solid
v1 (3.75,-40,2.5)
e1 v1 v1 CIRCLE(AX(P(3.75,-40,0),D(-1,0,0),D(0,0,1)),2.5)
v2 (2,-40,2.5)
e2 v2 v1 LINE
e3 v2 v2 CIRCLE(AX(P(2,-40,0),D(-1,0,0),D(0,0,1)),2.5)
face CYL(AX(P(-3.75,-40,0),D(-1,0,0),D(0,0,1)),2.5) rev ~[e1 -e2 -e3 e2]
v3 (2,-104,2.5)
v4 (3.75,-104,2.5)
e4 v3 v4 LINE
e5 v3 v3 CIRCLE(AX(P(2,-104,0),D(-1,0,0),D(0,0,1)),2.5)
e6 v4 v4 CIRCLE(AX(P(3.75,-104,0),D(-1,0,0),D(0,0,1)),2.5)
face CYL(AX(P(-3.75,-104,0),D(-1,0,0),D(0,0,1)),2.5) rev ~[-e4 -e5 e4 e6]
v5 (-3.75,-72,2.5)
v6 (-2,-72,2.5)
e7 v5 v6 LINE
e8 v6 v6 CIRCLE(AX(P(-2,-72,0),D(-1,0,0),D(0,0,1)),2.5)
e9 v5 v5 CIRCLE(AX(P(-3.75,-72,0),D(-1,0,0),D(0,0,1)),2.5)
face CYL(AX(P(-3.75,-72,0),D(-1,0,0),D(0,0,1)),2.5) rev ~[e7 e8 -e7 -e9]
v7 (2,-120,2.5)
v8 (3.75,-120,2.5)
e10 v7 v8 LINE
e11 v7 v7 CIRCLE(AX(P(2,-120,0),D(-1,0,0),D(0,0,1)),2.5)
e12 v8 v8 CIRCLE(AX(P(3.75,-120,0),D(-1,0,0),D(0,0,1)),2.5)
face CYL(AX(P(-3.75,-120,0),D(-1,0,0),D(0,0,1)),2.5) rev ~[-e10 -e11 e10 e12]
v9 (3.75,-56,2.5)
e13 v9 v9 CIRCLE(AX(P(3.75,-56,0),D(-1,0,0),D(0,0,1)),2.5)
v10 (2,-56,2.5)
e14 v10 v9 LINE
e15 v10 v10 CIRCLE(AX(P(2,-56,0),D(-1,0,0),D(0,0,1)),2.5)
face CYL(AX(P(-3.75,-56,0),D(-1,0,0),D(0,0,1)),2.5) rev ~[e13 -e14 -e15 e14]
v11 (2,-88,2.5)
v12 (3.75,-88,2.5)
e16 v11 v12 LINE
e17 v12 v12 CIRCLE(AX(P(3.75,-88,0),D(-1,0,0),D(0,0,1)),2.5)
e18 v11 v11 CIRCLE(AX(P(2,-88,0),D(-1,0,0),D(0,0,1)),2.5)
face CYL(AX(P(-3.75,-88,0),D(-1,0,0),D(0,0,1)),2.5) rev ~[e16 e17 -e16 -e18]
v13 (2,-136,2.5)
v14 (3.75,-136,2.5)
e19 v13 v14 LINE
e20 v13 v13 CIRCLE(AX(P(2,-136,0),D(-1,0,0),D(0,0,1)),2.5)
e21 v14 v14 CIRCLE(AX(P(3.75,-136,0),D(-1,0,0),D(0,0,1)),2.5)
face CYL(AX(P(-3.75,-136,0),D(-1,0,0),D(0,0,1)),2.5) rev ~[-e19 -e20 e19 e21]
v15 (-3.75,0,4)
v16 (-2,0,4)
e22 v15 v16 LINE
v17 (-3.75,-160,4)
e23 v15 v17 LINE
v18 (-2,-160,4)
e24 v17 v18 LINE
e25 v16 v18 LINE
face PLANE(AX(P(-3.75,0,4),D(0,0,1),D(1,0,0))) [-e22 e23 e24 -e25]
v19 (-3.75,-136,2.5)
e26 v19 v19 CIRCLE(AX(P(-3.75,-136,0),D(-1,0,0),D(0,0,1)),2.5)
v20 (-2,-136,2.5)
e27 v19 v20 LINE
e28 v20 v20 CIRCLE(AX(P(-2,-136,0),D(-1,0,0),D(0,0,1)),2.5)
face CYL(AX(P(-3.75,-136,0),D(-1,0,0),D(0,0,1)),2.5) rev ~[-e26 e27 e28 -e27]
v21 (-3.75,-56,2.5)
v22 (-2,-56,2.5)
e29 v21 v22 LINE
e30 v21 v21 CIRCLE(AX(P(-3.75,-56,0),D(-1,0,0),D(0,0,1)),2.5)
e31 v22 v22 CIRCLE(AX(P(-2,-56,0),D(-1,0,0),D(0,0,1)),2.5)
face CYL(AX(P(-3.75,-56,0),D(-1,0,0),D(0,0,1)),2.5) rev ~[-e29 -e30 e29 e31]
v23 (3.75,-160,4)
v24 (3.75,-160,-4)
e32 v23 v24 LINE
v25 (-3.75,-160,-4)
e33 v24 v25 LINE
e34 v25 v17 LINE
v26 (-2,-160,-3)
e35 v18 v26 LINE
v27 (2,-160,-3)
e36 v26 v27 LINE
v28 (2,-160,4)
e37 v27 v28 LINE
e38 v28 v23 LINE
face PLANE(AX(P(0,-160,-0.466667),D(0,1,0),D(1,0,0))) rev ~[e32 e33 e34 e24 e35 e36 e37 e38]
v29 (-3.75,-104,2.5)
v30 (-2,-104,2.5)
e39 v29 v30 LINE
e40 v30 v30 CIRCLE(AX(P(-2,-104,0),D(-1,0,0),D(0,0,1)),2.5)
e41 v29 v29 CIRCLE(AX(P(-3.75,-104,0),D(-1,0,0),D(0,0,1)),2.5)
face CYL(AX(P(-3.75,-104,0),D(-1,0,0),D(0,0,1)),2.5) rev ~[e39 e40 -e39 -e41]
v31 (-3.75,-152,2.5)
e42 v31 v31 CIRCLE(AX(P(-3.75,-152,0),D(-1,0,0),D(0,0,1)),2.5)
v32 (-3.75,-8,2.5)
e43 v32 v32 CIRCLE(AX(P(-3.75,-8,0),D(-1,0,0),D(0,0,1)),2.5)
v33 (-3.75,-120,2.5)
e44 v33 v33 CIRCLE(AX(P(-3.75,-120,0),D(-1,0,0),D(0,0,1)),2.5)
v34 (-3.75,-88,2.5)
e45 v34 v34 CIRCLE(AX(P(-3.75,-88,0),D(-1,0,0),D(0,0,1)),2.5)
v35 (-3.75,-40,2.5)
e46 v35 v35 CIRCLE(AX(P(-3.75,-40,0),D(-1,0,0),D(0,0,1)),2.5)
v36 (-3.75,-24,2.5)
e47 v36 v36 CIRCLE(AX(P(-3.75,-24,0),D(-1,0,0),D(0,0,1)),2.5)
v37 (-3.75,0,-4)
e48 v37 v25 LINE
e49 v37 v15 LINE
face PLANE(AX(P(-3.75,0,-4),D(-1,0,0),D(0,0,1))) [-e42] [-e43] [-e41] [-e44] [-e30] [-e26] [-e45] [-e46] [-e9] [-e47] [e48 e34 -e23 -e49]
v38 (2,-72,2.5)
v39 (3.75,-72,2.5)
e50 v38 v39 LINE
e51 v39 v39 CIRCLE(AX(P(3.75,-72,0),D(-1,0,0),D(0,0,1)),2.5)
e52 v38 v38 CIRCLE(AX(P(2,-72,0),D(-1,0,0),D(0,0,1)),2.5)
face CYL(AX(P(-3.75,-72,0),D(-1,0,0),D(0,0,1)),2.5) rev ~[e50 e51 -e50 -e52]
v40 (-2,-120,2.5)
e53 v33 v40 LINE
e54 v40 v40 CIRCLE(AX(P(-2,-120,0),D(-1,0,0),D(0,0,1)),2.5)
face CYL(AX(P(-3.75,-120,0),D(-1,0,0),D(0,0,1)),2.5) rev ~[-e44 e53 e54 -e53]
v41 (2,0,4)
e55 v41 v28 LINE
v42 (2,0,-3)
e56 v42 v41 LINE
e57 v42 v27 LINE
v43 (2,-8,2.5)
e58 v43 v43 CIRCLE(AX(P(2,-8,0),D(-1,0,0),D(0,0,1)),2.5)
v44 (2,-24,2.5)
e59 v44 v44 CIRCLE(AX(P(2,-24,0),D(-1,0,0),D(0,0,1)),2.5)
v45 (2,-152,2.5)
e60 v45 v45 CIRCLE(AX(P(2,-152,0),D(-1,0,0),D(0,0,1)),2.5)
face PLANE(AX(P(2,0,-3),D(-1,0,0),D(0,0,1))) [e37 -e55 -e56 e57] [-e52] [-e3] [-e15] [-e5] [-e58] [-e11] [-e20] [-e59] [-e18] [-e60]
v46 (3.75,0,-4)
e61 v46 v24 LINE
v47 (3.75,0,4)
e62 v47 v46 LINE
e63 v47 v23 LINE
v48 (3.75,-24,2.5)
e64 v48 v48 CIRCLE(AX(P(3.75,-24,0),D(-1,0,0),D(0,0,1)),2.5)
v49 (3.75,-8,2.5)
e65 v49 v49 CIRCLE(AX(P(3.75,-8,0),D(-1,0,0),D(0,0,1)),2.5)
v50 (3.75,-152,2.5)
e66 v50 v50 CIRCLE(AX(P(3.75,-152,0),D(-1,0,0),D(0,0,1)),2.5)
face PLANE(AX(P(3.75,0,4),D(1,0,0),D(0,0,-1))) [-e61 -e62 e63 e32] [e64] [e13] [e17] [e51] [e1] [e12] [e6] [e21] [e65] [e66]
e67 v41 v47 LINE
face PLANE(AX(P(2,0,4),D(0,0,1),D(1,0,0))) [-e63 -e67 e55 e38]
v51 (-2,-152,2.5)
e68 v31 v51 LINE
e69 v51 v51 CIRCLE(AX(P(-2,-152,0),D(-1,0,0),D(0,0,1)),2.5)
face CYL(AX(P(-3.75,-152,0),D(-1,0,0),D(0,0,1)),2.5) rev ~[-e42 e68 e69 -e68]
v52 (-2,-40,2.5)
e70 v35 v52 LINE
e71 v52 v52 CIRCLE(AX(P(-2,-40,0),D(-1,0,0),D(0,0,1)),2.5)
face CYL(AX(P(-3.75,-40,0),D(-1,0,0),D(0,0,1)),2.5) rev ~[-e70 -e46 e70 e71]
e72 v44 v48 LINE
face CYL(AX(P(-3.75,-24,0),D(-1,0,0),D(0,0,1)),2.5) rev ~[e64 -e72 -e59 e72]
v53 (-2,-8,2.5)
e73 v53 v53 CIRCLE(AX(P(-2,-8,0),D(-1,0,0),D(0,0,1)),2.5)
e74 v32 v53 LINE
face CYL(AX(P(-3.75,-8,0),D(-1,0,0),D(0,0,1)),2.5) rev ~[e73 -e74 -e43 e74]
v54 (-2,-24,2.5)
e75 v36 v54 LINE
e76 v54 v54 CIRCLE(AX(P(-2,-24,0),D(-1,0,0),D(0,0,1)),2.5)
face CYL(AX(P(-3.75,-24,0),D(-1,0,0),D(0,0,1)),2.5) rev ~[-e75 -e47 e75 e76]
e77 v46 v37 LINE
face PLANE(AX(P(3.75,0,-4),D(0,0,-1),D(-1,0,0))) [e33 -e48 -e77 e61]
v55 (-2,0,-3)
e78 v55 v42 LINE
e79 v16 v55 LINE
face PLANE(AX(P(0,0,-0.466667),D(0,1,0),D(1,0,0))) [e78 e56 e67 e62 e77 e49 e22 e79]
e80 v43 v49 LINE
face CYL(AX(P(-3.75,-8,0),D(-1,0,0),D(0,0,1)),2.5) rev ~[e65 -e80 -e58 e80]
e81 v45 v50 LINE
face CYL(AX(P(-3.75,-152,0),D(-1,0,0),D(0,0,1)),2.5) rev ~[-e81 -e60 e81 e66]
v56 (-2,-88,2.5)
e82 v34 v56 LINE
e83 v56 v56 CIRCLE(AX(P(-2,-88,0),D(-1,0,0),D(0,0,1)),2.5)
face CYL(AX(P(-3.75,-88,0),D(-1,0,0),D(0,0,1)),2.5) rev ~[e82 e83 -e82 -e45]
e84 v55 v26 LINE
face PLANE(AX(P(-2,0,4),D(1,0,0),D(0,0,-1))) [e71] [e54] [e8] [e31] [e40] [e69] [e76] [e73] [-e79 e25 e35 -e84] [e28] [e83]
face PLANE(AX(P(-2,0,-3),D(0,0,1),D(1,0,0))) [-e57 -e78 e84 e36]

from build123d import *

# Parameters (mm, degrees)
BASE_DEPTH  = 160
ESQUISSE2_R = 2.5
TROU_DEPTH  = 161.225622171


with BuildPart() as part:
    # Esquisse1 → Base (new body)
    with BuildSketch(Plane(origin=(0, 0, 0), x_dir=(1, 0, 0), z_dir=(0, 1, 0))):
        Polygon((-2, -4), (-2, 3), (2, 3), (2, -4), (3.75, -4), (3.75, 4), (-3.75, 4), (-3.75, -4), align=None)
    extrude(amount=-BASE_DEPTH)

    # Esquisse2 → Trou (cut, through all)
    with BuildSketch(Plane.ZY.offset(3.75)):
        with Locations((0, -8)):
            Circle(ESQUISSE2_R)
        with Locations((0, -24)):
            Circle(ESQUISSE2_R)
        with Locations((0, -40)):
            Circle(ESQUISSE2_R)
        with Locations((0, -56)):
            Circle(ESQUISSE2_R)
        with Locations((0, -72)):
            Circle(ESQUISSE2_R)
        with Locations((0, -88)):
            Circle(ESQUISSE2_R)
        with Locations((0, -104)):
            Circle(ESQUISSE2_R)
        with Locations((0, -120)):
            Circle(ESQUISSE2_R)
        with Locations((0, -136)):
            Circle(ESQUISSE2_R)
        with Locations((0, -152)):
            Circle(ESQUISSE2_R)
    extrude(amount=-TROU_DEPTH, mode=Mode.SUBTRACT)


solid = part.part
